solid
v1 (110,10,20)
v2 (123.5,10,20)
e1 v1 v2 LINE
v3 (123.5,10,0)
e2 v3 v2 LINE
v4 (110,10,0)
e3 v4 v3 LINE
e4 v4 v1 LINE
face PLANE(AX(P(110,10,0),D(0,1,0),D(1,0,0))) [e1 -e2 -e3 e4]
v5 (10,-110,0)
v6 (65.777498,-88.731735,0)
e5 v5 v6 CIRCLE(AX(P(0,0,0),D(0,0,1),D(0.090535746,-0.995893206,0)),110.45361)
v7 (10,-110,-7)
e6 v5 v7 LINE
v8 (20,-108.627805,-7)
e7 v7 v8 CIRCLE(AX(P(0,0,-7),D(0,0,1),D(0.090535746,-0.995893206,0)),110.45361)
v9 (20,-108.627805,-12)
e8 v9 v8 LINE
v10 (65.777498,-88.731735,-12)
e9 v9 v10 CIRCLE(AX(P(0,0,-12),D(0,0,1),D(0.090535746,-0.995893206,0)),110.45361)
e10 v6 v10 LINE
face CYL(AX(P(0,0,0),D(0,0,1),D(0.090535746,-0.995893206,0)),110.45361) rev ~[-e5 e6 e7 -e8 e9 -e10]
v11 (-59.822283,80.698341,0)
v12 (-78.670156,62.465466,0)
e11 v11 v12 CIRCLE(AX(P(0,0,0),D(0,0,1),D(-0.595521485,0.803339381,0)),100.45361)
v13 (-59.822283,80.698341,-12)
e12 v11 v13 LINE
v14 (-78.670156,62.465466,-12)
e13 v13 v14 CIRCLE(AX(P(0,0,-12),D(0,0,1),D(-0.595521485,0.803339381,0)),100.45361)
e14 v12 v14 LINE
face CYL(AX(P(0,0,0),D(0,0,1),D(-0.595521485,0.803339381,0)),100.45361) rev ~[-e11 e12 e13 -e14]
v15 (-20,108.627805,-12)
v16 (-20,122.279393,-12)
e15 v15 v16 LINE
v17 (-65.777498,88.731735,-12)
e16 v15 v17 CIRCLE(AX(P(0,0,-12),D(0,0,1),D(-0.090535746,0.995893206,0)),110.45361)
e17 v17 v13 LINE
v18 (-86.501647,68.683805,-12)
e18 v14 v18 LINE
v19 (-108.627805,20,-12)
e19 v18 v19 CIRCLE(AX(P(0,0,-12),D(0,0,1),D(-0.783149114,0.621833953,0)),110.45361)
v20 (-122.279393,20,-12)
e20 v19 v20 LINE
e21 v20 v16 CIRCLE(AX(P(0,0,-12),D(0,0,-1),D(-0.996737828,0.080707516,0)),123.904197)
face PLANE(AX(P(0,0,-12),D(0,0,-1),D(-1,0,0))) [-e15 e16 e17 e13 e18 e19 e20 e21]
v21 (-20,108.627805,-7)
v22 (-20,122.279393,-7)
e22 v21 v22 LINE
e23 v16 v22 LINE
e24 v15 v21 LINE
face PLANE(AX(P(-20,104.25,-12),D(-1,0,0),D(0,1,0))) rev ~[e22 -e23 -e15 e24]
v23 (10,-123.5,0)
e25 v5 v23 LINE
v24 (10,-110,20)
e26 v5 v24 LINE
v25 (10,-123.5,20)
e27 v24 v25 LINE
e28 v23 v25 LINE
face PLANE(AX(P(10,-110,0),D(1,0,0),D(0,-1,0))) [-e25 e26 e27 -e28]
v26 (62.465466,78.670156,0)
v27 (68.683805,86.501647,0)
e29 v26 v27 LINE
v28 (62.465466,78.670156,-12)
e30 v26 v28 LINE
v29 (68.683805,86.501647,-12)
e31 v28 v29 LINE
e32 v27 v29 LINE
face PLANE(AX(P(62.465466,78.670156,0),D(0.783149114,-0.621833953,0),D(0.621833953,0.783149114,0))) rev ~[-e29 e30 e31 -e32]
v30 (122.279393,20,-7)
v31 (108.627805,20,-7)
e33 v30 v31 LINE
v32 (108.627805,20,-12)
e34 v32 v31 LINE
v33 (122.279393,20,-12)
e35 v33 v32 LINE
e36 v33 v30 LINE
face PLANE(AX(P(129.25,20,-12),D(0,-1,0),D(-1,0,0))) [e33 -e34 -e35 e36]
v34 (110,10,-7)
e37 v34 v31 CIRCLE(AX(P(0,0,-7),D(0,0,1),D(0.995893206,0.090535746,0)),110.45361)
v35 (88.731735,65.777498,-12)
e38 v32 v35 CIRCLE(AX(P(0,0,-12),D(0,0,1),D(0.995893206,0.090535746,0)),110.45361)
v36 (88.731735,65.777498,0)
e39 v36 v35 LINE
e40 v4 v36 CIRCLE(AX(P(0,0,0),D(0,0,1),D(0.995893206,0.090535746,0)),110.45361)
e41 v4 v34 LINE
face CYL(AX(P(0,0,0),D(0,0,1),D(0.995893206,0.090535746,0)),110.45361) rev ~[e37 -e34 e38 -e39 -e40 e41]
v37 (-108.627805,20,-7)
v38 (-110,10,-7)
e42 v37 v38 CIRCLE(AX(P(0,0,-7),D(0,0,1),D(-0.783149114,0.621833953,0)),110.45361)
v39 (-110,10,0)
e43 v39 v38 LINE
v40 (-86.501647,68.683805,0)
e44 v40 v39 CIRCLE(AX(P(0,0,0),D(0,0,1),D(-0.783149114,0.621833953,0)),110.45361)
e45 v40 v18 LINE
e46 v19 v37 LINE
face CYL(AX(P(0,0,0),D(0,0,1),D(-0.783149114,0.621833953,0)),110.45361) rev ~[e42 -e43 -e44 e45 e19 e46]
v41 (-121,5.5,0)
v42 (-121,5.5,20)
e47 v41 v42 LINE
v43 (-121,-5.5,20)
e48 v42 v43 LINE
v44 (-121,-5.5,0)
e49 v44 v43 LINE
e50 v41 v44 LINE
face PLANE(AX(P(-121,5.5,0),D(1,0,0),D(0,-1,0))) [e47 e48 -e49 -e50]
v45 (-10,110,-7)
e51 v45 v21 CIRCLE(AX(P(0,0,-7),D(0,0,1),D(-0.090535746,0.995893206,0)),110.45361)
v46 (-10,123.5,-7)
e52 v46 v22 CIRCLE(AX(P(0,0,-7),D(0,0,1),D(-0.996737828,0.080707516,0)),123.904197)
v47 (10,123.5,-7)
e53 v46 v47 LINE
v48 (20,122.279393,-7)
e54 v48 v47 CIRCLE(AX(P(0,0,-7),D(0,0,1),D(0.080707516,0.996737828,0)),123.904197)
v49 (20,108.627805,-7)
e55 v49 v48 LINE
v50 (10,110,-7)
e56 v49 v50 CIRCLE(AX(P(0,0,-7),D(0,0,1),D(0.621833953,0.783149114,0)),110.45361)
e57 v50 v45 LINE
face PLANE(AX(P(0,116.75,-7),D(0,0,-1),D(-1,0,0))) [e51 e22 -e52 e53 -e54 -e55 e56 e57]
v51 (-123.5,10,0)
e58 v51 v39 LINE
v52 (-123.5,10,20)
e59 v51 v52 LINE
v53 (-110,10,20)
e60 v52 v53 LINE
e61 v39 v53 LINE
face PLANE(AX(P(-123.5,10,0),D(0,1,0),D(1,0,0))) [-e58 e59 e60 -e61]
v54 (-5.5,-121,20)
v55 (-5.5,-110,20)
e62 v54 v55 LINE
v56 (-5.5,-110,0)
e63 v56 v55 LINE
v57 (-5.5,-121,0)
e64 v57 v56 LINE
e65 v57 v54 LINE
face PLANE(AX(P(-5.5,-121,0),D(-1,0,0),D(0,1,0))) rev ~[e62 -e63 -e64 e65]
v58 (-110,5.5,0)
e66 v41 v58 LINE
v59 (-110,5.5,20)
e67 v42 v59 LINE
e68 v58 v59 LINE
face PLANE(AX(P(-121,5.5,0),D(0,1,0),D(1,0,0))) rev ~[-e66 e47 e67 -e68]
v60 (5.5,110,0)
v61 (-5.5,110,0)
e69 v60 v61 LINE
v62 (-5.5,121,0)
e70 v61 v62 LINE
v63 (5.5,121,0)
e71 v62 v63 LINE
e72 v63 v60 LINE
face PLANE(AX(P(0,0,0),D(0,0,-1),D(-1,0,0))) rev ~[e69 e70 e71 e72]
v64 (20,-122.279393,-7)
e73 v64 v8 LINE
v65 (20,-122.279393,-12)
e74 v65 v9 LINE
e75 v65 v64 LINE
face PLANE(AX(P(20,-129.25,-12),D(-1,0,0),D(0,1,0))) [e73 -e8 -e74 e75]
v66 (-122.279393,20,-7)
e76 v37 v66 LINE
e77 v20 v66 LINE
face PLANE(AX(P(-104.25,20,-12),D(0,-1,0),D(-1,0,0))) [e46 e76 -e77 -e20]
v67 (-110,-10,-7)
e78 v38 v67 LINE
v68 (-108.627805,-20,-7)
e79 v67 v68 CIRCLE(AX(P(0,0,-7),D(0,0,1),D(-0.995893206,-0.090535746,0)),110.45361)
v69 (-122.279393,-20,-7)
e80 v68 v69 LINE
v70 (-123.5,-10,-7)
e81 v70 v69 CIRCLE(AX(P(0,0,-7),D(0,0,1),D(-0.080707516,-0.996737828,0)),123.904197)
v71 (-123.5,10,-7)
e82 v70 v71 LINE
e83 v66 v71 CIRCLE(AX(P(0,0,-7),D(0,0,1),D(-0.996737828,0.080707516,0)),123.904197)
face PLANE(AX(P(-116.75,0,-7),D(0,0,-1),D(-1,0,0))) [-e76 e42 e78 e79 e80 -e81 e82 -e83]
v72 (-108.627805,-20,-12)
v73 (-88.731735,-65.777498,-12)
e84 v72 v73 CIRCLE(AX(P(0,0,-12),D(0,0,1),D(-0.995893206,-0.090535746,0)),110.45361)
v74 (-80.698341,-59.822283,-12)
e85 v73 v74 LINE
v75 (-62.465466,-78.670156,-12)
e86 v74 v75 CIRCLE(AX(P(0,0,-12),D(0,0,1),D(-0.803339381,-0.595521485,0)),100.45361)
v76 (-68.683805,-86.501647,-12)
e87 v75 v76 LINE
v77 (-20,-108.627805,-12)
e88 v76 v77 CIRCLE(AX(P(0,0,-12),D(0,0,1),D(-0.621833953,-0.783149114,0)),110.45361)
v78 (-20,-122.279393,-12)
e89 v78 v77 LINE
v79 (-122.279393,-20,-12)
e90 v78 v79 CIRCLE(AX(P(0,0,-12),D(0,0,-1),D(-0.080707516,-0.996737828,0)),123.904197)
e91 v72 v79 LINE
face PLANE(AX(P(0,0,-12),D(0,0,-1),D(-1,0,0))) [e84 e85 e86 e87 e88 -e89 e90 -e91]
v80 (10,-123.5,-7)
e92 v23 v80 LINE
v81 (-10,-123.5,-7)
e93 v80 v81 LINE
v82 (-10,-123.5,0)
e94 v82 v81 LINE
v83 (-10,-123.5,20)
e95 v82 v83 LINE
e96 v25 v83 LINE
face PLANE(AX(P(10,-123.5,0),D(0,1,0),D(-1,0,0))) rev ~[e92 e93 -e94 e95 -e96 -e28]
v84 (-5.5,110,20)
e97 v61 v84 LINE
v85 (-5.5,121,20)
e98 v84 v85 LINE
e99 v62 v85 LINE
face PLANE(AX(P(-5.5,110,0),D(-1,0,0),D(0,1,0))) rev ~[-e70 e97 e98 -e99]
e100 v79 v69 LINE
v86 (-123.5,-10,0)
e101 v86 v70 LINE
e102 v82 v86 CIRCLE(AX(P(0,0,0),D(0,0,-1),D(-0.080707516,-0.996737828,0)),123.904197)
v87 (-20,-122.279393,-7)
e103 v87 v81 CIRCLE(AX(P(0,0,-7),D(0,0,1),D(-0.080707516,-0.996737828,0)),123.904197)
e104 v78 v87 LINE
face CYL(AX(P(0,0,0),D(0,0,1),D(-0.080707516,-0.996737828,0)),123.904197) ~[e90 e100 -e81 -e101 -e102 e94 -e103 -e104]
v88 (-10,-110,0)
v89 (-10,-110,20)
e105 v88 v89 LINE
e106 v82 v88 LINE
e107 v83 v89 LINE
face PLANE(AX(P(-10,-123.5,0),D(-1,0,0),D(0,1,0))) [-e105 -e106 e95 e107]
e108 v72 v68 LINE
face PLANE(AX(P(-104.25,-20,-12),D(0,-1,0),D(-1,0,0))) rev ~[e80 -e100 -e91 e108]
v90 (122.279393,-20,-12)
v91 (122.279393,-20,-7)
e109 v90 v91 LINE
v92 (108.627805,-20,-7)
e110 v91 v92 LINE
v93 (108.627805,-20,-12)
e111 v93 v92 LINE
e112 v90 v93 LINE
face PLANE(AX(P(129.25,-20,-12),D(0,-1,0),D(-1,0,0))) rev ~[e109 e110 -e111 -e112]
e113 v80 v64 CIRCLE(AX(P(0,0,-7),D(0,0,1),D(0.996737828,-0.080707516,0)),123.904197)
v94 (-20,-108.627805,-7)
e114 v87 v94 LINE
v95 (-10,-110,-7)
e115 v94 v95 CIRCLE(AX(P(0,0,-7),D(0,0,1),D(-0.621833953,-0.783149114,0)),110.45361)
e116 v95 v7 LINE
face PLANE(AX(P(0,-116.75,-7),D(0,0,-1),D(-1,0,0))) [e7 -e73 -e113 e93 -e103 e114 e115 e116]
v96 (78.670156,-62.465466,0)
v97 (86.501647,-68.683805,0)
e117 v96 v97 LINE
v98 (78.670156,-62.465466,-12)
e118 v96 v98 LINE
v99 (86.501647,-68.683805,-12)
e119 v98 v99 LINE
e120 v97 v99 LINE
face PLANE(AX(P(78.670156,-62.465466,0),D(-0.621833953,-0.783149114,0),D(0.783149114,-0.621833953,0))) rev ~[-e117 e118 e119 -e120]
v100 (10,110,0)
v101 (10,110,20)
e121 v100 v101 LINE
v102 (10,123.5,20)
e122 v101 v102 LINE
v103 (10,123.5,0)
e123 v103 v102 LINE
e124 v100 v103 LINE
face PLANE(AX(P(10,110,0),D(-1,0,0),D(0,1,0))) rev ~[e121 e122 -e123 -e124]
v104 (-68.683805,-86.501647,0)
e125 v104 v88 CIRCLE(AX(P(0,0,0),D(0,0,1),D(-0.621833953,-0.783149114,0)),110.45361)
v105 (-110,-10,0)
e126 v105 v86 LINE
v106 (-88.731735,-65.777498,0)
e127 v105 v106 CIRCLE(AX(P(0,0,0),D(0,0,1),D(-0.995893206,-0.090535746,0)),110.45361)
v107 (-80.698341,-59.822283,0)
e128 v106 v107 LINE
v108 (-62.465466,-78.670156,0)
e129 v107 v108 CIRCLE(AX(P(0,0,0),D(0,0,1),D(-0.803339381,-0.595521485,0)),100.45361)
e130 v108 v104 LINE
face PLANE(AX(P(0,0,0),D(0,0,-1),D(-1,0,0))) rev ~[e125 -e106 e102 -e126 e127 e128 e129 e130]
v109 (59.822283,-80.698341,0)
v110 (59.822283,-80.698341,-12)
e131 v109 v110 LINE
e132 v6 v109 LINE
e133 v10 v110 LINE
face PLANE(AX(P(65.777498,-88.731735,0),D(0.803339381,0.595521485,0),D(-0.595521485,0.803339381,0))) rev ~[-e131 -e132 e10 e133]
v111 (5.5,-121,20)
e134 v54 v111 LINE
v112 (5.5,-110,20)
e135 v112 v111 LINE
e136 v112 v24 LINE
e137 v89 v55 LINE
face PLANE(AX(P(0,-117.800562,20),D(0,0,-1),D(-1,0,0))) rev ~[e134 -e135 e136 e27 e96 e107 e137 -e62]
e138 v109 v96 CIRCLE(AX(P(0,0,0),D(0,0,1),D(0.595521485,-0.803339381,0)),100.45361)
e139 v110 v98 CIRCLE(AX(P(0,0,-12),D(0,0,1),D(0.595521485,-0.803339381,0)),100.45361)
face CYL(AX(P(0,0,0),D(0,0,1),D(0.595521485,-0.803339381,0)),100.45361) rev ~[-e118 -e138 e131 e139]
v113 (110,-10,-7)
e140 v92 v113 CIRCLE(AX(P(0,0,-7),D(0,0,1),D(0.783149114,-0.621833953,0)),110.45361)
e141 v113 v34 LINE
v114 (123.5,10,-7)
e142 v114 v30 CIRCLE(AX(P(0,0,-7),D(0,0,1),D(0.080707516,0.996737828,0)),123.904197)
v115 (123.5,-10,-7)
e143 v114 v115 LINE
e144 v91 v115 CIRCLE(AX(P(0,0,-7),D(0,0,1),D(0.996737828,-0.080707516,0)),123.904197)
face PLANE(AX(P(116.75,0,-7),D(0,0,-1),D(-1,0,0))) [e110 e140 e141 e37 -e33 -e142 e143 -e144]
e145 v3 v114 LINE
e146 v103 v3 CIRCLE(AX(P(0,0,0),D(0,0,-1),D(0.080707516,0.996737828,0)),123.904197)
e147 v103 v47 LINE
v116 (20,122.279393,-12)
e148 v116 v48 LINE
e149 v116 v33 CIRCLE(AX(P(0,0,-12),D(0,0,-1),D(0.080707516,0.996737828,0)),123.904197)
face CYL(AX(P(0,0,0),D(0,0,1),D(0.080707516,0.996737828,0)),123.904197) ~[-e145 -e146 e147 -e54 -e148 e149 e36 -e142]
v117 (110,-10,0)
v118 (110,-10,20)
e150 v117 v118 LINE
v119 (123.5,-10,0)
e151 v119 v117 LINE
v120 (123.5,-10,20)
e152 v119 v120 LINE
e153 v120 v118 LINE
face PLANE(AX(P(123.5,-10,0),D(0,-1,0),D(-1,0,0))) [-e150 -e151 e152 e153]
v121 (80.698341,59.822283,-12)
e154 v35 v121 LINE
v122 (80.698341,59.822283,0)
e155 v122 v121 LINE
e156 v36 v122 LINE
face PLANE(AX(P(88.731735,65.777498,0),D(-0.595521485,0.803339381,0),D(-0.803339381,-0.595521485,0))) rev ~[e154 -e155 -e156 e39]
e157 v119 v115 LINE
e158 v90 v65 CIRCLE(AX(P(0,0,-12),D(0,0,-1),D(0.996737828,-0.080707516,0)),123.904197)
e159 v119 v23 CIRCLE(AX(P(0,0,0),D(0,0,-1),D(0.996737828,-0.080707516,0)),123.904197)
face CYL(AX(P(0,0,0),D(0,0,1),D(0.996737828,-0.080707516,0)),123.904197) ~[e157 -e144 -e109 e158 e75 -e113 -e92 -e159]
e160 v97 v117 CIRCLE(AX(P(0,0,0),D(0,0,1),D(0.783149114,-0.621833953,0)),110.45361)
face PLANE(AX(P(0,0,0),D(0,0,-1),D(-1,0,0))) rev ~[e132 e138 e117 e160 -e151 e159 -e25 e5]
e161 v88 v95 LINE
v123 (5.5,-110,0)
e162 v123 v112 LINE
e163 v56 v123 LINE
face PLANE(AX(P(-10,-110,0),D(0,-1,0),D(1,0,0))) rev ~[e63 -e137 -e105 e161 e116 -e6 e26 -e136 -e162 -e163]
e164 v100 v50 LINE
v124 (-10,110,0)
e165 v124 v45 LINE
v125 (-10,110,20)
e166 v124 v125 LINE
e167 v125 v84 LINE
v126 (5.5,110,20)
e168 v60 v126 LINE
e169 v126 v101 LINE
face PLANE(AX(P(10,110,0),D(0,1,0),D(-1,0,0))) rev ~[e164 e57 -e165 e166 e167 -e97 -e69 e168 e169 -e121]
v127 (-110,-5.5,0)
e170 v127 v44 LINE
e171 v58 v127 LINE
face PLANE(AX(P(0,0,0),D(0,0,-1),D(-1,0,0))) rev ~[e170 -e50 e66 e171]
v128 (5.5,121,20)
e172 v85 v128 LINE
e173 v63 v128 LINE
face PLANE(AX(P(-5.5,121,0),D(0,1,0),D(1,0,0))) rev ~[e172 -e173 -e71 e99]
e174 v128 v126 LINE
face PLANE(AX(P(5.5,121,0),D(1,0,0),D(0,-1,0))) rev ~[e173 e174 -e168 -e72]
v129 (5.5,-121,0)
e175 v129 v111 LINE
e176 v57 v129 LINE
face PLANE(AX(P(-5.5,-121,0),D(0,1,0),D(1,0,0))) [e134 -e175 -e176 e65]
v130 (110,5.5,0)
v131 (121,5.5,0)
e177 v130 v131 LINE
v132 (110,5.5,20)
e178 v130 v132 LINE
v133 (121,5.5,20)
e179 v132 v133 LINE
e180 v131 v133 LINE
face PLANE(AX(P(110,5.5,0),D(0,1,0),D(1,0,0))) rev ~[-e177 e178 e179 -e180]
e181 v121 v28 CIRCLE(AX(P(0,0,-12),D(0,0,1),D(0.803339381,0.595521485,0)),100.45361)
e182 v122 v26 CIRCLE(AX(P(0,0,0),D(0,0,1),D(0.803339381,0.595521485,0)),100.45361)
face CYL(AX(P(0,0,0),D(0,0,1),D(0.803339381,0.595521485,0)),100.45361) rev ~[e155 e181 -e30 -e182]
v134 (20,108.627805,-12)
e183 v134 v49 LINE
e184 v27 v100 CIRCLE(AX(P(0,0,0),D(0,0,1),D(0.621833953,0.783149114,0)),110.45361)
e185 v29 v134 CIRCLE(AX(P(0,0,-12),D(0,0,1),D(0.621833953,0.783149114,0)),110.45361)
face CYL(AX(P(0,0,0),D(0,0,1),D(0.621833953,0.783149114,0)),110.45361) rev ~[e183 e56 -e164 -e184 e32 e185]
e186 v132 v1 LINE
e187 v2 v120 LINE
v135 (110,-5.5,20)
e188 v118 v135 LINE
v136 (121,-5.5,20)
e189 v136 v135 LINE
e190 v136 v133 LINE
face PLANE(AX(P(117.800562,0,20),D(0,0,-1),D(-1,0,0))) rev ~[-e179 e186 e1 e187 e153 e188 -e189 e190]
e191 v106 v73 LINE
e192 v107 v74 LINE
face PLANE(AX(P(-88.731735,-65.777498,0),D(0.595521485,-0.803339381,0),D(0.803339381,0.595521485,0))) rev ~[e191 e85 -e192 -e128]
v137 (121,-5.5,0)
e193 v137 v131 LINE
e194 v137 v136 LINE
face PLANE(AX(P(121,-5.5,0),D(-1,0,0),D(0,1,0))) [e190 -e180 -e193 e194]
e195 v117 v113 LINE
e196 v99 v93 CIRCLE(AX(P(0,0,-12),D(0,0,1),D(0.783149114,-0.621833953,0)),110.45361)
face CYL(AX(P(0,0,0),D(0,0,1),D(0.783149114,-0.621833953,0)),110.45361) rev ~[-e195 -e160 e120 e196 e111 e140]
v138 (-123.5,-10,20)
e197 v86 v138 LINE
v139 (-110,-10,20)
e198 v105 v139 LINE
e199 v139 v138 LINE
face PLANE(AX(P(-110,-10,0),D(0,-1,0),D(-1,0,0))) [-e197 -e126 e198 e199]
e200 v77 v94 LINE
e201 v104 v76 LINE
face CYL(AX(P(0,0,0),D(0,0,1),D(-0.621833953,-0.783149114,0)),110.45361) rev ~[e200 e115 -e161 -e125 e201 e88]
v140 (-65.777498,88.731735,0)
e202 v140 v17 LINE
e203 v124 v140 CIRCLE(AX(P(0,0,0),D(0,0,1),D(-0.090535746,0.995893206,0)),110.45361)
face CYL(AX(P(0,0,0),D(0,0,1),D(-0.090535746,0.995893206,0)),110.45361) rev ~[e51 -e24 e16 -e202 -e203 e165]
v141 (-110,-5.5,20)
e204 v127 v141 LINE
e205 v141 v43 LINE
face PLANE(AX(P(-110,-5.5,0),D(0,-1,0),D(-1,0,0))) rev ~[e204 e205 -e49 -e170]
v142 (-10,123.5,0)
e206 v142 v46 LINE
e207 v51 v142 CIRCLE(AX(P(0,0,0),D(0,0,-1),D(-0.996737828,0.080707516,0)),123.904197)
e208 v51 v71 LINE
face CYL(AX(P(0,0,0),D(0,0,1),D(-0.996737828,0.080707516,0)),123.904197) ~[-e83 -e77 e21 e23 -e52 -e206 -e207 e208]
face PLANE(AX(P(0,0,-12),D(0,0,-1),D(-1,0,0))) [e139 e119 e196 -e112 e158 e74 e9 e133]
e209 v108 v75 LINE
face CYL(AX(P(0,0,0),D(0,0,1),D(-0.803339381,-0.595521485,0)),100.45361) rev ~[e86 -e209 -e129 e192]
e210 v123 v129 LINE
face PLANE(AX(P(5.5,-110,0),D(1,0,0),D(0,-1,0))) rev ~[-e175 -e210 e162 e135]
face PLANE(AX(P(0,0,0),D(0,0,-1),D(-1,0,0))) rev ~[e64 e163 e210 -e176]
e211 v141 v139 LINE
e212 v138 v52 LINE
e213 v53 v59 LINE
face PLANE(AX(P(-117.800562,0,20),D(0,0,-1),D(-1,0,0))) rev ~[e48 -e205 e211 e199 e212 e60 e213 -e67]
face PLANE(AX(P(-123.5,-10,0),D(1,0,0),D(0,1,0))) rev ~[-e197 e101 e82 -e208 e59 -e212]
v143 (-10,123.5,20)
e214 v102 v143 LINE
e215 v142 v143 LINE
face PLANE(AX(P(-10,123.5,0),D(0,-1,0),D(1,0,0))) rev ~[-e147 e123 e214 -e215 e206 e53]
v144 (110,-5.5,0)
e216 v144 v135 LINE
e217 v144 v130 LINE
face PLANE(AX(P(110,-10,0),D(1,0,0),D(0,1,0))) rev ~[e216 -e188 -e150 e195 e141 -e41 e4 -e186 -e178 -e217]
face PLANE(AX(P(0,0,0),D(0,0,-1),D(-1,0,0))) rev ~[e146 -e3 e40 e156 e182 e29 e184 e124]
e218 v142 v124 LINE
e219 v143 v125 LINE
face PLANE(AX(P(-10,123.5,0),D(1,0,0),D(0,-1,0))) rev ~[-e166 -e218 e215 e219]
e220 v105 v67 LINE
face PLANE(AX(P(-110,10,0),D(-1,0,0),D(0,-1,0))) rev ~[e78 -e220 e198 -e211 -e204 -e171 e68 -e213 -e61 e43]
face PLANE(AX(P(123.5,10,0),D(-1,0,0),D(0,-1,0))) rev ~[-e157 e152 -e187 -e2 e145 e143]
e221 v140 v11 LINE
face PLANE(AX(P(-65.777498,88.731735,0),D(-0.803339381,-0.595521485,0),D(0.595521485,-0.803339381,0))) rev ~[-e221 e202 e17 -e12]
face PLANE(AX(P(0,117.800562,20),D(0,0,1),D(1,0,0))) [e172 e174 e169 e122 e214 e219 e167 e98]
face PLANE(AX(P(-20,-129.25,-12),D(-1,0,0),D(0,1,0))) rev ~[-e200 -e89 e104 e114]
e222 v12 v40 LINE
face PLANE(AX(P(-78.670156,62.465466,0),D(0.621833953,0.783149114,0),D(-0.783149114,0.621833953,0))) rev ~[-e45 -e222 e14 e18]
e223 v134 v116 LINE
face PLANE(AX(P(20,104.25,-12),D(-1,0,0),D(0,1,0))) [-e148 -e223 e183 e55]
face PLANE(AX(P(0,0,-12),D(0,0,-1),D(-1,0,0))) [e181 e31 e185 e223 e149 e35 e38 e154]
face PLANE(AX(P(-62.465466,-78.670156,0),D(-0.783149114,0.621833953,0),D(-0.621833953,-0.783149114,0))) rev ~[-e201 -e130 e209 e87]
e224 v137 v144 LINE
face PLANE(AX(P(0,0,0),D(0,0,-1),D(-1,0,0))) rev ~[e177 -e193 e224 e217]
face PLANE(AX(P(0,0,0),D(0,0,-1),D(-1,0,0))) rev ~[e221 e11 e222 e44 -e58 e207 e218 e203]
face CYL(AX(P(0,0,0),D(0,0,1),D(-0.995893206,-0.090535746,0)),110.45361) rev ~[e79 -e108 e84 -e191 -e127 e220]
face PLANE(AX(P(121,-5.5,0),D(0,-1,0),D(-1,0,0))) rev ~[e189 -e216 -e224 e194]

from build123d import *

# Parameters (mm, degrees)
BOSS_EXTRUDE1_DEPTH   = 20
BOSS_EXTRUDE1_2_DEPTH = 20
BOSS_EXTRUDE1_3_DEPTH = 20
BOSS_EXTRUDE1_4_DEPTH = 20
BOSS_EXTRUDE2_DEPTH   = 12
SKETCH5_W             = 25
SKETCH5_H             = 40
SKETCH5_W_2           = 40
SKETCH5_H_2           = 25
CUT_EXTRUDE1_DEPTH    = 5


with BuildPart() as part:
    # Sketch2 → Boss-Extrude1 (new body)
    with BuildSketch(Plane.XY):
        Polygon((110, 10), (123.5, 10), (123.5, -10), (110, -10), (110, -5.5), (114.5, -5.5), (121, -5.5), (121, 5.5), (114.5, 5.5), (110, 5.5), align=None)
    extrude(amount=BOSS_EXTRUDE1_DEPTH)



with BuildPart() as body_2:
    # Sketch2 → Boss-Extrude1 2 (new body)
    with BuildSketch(Plane.XY):
        Polygon((10, -110), (10, -123.5), (-10, -123.5), (-10, -110), (-5.5, -110), (-5.5, -114.5), (-5.5, -121), (5.5, -121), (5.5, -114.5), (5.5, -110), align=None)
    extrude(amount=BOSS_EXTRUDE1_2_DEPTH)


with BuildPart() as body_3:
    # Sketch2 → Boss-Extrude1 3 (new body)
    with BuildSketch(Plane.XY):
        Polygon((-110, -10), (-123.5, -10), (-123.5, 10), (-110, 10), (-110, 5.5), (-114.5, 5.5), (-121, 5.5), (-121, -5.5), (-114.5, -5.5), (-110, -5.5), align=None)
    extrude(amount=BOSS_EXTRUDE1_3_DEPTH)


with BuildPart() as body_4:
    # Sketch2 → Boss-Extrude1 4 (new body)
    with BuildSketch(Plane.XY):
        Polygon((-10, 110), (-5.5, 110), (-5.5, 114.5), (-5.5, 121), (5.5, 121), (5.5, 114.5), (5.5, 110), (10, 110), (10, 123.5), (-10, 123.5), align=None)
    extrude(amount=BOSS_EXTRUDE1_4_DEPTH)


with BuildPart() as part_1:
    add(part.part)

    add(body_2.part)  # Boss-Extrude2 merges body 2

    add(body_3.part)  # Boss-Extrude2 merges body 3

    add(body_4.part)  # Boss-Extrude2 merges body 4
    # Sketch3 → Boss-Extrude2 (add)
    with BuildSketch(Plane(origin=(0, 0, 0), x_dir=(-1, 0, 0), z_dir=(0, 0, -1))):
        with BuildLine():
            Line((10, 123.5), (-10, 123.5))
            ThreePointArc((-10, 123.5), (-87.613497819, 87.613497819), (-123.5, 10))
            Line((-123.5, 10), (-123.5, -10))
            ThreePointArc((-123.5, -10), (-87.613497819, -87.613497819), (-10, -123.5))
            Line((-10, -123.5), (10, -123.5))
            ThreePointArc((10, -123.5), (87.613497819, -87.613497819), (123.5, -10))
            Line((123.5, -10), (123.5, 10))
            ThreePointArc((123.5, 10), (87.613497819, 87.613497819), (10, 123.5))
        make_face()
        with BuildLine():
            ThreePointArc((-110, 10), (-103.205416168, 39.352789909), (-88.731734836, 65.777497923))
            Line((-88.731734836, 65.777497923), (-80.698341025, 59.822283075))
            ThreePointArc((-80.698341025, 59.822283075), (-72.199580711, 69.843742323), (-62.465465553, 78.670155776))
            Line((-62.465465553, 78.670155776), (-68.683805088, 86.501646913))
            ThreePointArc((-68.683805088, 86.501646913), (-41.058841255, 102.538634449), (-10, 110))
            Line((-10, 110), (10, 110))
            ThreePointArc((10, 110), (39.352789909, 103.205416168), (65.777497923, 88.731734836))
            Line((65.777497923, 88.731734836), (59.822283075, 80.698341025))
            ThreePointArc((59.822283075, 80.698341025), (69.843742323, 72.199580711), (78.670155776, 62.465465553))
            Line((78.670155776, 62.465465553), (86.501646913, 68.683805088))
            ThreePointArc((86.501646913, 68.683805088), (102.538634449, 41.058841255), (110, 10))
            Line((110, 10), (110, -10))
            ThreePointArc((110, -10), (103.205416168, -39.352789909), (88.731734836, -65.777497923))
            Line((88.731734836, -65.777497923), (80.698341025, -59.822283075))
            ThreePointArc((80.698341025, -59.822283075), (72.199580711, -69.843742323), (62.465465553, -78.670155776))
            Line((62.465465553, -78.670155776), (68.683805088, -86.501646913))
            ThreePointArc((68.683805088, -86.501646913), (41.058841255, -102.538634449), (10, -110))
            Line((10, -110), (-10, -110))
            ThreePointArc((-10, -110), (-39.352789909, -103.205416168), (-65.777497923, -88.731734836))
            Line((-65.777497923, -88.731734836), (-59.822283075, -80.698341025))
            ThreePointArc((-59.822283075, -80.698341025), (-69.843742323, -72.199580711), (-78.670155776, -62.465465553))
            Line((-78.670155776, -62.465465553), (-86.501646913, -68.683805088))
            ThreePointArc((-86.501646913, -68.683805088), (-102.538634449, -41.058841255), (-110, -10))
            Line((-110, -10), (-110, -5.5))
            Line((-110, -5.5), (-110, 5.5))
            Line((-110, 5.5), (-110, 10))
        make_face(mode=Mode.SUBTRACT)
    extrude(amount=BOSS_EXTRUDE2_DEPTH)

    # Sketch5 → Cut-Extrude1 (cut)
    with BuildSketch(Plane(origin=(0, 0, -12), x_dir=(-1, 0, 0), z_dir=(0, 0, -1))):
        with Locations((-116.75, 0)):
            Rectangle(SKETCH5_W, SKETCH5_H)
        with Locations((0, 116.75)):
            Rectangle(SKETCH5_W_2, SKETCH5_H_2)
        with Locations((116.75, 0)):
            Rectangle(SKETCH5_W, SKETCH5_H)
        with Locations((0, -116.75)):
            Rectangle(SKETCH5_W_2, SKETCH5_H_2)
    extrude(amount=-CUT_EXTRUDE1_DEPTH, mode=Mode.SUBTRACT)


solid = part_1.part
